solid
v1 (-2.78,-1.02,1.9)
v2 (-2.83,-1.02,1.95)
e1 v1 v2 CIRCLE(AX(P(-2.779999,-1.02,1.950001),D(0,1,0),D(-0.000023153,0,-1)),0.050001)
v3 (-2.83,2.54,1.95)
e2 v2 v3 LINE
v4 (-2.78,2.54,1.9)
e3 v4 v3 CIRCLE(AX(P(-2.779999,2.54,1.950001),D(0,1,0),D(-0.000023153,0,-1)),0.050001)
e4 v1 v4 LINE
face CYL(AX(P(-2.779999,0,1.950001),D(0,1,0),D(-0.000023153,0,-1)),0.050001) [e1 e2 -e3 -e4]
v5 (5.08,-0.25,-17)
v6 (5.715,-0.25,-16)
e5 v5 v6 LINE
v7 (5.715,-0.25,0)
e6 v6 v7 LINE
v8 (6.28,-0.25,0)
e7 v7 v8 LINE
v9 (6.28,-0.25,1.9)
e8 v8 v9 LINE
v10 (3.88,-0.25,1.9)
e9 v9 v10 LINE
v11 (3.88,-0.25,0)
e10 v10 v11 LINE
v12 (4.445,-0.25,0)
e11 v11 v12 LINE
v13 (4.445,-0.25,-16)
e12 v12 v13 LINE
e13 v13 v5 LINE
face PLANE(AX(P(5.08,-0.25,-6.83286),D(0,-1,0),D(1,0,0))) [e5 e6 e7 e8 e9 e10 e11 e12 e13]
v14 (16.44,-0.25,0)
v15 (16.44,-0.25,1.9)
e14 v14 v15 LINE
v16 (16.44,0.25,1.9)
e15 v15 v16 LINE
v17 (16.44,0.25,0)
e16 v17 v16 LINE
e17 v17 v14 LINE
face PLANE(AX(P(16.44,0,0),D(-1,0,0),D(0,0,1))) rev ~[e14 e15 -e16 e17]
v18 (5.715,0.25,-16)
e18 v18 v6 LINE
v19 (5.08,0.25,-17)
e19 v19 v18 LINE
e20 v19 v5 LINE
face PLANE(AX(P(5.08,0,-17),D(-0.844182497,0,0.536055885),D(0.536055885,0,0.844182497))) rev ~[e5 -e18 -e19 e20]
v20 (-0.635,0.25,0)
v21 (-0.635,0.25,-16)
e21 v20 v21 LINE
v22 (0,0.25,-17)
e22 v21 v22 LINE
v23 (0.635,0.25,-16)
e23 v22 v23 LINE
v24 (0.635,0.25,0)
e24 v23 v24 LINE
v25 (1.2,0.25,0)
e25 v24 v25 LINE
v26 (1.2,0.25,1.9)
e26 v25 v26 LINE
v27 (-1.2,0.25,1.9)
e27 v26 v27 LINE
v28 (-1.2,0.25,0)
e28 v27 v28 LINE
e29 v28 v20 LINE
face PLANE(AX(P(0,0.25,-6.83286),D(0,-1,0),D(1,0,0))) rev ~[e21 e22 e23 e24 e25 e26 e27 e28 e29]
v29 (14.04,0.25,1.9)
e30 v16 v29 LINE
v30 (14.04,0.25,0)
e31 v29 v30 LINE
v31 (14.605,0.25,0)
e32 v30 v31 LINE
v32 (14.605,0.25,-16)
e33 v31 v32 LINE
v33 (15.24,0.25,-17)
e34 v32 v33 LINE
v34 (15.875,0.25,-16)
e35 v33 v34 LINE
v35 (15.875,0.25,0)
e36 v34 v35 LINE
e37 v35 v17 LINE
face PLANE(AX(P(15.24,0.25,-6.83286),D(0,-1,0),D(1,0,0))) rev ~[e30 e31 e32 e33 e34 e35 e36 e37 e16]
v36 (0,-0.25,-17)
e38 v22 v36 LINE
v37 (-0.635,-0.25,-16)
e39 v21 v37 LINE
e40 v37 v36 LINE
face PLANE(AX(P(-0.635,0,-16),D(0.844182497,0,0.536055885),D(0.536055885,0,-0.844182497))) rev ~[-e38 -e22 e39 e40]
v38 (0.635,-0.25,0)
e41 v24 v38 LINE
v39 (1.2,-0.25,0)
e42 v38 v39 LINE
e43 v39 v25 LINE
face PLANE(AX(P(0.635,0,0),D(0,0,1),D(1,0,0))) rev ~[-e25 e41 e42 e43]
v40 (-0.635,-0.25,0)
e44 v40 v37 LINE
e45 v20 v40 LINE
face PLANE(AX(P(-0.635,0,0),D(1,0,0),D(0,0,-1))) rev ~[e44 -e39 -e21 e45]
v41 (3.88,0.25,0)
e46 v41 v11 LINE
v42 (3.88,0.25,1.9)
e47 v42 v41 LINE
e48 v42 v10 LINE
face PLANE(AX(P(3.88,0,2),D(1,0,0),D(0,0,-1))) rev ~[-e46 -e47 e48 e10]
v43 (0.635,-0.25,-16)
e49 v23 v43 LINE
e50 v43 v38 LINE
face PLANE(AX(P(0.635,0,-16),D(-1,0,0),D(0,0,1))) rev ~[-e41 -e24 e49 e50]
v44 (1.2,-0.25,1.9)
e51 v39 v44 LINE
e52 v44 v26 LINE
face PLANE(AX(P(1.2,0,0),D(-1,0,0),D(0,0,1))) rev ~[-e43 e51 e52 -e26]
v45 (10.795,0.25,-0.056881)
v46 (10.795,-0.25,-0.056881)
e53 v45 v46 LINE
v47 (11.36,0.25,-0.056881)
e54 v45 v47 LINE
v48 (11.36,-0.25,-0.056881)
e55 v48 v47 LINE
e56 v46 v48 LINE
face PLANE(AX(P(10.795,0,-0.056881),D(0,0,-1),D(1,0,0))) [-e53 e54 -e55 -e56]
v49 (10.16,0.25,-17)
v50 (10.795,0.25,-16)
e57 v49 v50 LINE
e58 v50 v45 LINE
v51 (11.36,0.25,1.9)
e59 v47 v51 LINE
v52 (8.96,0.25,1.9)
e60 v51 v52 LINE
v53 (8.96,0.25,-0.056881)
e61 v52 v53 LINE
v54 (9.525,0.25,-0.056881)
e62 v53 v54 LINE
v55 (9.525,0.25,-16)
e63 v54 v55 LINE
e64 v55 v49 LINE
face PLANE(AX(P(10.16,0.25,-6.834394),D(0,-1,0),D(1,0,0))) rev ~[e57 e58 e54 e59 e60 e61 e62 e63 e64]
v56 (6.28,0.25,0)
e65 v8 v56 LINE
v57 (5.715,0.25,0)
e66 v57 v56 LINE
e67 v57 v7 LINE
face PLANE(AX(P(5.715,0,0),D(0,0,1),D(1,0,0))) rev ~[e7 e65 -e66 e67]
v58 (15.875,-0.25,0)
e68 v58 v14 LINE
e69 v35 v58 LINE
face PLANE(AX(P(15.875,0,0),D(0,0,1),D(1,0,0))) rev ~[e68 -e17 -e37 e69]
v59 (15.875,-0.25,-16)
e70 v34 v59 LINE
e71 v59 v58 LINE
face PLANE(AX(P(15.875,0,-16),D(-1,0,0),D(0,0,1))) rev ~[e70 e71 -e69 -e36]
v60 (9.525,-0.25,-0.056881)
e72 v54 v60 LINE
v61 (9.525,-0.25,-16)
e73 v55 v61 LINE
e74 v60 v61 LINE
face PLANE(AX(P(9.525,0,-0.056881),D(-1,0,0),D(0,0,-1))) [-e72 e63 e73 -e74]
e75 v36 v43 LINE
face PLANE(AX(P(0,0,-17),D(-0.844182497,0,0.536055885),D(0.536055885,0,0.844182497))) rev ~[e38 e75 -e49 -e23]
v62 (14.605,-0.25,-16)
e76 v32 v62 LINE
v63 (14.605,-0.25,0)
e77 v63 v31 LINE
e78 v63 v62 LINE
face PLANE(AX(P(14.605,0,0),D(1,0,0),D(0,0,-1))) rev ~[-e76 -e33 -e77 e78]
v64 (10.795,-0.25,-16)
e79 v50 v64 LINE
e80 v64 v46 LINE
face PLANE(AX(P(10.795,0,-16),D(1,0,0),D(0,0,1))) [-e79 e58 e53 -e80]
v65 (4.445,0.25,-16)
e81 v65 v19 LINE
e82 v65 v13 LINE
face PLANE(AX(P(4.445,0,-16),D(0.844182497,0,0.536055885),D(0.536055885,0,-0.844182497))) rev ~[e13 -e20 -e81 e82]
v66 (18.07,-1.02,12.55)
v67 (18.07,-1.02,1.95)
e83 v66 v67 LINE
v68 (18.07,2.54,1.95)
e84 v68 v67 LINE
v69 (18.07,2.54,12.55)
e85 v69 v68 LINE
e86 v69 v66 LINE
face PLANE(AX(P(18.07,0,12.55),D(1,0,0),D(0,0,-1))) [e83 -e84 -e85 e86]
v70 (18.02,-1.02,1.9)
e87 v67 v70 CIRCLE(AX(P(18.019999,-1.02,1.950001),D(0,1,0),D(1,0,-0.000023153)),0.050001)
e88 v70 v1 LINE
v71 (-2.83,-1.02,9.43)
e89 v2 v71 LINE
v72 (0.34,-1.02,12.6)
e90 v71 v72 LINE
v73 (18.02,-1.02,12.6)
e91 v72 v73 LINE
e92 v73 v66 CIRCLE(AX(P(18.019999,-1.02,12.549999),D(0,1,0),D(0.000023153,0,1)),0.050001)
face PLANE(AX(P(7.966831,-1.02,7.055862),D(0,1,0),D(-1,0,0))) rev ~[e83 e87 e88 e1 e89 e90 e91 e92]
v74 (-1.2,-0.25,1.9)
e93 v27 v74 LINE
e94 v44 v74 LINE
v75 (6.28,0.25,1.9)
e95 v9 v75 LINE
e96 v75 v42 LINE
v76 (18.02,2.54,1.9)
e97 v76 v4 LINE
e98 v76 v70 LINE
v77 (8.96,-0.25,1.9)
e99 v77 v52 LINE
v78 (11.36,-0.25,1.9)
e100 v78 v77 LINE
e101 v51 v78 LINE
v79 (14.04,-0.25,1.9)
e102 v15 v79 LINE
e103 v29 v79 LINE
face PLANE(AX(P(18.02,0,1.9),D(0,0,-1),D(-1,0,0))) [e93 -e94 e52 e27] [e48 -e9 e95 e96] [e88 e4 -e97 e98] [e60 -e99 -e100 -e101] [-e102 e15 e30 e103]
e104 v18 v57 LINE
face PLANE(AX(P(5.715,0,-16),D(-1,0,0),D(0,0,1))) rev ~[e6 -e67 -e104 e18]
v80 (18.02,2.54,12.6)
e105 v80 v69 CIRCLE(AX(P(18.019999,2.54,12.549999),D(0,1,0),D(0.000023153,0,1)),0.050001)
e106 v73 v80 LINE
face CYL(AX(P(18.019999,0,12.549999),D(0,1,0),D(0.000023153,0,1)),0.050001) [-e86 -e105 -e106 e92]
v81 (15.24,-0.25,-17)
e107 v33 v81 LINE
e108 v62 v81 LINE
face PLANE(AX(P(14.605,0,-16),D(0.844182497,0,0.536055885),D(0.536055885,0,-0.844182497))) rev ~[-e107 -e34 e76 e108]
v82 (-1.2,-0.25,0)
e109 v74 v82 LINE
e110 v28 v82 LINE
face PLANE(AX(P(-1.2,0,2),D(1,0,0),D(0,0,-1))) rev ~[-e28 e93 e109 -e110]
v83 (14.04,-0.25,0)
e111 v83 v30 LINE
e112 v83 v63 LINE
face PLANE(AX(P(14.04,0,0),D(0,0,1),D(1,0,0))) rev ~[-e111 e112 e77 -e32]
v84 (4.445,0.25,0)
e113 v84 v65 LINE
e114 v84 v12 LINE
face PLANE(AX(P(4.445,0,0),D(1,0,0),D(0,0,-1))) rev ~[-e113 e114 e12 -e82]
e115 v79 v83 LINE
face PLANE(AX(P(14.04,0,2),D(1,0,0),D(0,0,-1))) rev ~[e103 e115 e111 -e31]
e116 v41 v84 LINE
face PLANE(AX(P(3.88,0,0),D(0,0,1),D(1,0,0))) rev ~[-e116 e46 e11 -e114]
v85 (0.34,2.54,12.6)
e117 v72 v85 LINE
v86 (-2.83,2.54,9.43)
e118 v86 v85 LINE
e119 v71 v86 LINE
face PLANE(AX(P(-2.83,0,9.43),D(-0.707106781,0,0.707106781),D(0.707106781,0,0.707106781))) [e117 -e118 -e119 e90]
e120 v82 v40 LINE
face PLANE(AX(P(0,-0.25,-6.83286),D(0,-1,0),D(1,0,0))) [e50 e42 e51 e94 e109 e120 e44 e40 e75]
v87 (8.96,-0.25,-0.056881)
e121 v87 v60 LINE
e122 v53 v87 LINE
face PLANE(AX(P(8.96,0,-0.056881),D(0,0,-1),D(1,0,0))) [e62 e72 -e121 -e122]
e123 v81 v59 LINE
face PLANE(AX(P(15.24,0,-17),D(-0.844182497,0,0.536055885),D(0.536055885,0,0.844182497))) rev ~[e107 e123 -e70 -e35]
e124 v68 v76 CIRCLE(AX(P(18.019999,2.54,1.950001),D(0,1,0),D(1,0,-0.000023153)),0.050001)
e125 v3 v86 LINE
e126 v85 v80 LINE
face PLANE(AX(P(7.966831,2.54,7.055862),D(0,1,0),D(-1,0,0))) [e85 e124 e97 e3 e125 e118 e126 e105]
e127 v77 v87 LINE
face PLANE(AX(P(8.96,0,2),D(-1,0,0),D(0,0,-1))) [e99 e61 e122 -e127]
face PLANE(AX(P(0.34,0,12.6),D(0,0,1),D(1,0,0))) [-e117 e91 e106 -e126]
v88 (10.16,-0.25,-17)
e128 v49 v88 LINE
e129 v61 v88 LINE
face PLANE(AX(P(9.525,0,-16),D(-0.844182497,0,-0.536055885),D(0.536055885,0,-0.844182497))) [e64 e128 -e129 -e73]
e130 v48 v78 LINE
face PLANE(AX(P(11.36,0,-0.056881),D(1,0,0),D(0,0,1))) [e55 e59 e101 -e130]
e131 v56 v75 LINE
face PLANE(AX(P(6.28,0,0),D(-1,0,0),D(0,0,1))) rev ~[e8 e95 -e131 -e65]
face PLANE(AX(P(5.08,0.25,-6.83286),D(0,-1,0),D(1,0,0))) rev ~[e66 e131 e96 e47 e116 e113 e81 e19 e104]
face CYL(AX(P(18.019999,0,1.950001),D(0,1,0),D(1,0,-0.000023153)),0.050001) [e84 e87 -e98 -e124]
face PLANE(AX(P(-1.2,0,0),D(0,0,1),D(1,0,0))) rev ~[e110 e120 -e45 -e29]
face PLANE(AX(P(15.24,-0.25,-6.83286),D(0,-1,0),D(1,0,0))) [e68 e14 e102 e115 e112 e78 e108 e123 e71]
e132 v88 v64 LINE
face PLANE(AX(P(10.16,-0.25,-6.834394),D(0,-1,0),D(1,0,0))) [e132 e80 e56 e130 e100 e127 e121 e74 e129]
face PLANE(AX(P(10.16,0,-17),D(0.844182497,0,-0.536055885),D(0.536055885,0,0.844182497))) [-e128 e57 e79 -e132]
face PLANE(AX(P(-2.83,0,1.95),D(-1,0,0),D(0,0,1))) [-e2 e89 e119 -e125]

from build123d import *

# Parameters (mm, degrees)
PAD_DEPTH         = 0.25
PAD001_DEPTH      = 2.54
PAD001_DEPTH_BACK = 1.02


with BuildPart() as pad:
    # Sketch → Pad (new body, symmetric)
    with BuildSketch(Plane.XZ):
        Polygon((-1.2, 2), (-1.2, 0), (-0.635, 0), (-0.635, -16), (0, -17), (0.635, -16), (0.635, 0), (1.2, 0), (1.2, 2), align=None)
        Polygon((14.605, 0), (14.605, -16), (15.24, -17), (15.875, -16), (15.875, 0), (16.44, 0), (16.44, 2), (14.04, 2), (14.04, 0), align=None)
        Polygon((3.88, 2), (3.88, 0), (4.445, 0), (4.445, -16), (5.08, -17), (5.715, -16), (5.715, 0), (6.28, 0), (6.28, 2), align=None)
        Polygon((8.96, 2), (8.96, -0.056881), (9.525, -0.056881), (9.525, -16), (10.16, -17), (10.795, -16), (10.795, -0.056881), (11.36, -0.056881), (11.36, 2), align=None)
    extrude(amount=PAD_DEPTH, both=True)


with BuildPart() as diode_bridge_vishay_gbl:
    # Sketch001 → Pad001 (new body, two sides)
    with BuildSketch(Plane(origin=(15.24, 0, 0), x_dir=(-1, 0, 0), z_dir=(0, 1, 0))) as pad001_sk:
        with BuildLine():
            Line((-2.78, 1.9), (18.02, 1.9))
            ThreePointArc((18.02, 1.9), (18.055355, 1.914645), (18.07, 1.95))
            Line((18.07, 1.95), (18.07, 9.43))
            Line((18.07, 9.43), (14.9, 12.6))
            Line((14.9, 12.6), (-2.78, 12.6))
            ThreePointArc((-2.78, 12.6), (-2.815355, 12.585355), (-2.83, 12.55))
            Line((-2.83, 12.55), (-2.83, 1.95))
            ThreePointArc((-2.83, 1.95), (-2.815355, 1.914645), (-2.78, 1.9))
        make_face()
    extrude(amount=PAD001_DEPTH)
    extrude(pad001_sk.sketch, amount=-PAD001_DEPTH_BACK)

    # Pad001_mp_cp: union Pad
    add(pad.part)


solid = diode_bridge_vishay_gbl.part
